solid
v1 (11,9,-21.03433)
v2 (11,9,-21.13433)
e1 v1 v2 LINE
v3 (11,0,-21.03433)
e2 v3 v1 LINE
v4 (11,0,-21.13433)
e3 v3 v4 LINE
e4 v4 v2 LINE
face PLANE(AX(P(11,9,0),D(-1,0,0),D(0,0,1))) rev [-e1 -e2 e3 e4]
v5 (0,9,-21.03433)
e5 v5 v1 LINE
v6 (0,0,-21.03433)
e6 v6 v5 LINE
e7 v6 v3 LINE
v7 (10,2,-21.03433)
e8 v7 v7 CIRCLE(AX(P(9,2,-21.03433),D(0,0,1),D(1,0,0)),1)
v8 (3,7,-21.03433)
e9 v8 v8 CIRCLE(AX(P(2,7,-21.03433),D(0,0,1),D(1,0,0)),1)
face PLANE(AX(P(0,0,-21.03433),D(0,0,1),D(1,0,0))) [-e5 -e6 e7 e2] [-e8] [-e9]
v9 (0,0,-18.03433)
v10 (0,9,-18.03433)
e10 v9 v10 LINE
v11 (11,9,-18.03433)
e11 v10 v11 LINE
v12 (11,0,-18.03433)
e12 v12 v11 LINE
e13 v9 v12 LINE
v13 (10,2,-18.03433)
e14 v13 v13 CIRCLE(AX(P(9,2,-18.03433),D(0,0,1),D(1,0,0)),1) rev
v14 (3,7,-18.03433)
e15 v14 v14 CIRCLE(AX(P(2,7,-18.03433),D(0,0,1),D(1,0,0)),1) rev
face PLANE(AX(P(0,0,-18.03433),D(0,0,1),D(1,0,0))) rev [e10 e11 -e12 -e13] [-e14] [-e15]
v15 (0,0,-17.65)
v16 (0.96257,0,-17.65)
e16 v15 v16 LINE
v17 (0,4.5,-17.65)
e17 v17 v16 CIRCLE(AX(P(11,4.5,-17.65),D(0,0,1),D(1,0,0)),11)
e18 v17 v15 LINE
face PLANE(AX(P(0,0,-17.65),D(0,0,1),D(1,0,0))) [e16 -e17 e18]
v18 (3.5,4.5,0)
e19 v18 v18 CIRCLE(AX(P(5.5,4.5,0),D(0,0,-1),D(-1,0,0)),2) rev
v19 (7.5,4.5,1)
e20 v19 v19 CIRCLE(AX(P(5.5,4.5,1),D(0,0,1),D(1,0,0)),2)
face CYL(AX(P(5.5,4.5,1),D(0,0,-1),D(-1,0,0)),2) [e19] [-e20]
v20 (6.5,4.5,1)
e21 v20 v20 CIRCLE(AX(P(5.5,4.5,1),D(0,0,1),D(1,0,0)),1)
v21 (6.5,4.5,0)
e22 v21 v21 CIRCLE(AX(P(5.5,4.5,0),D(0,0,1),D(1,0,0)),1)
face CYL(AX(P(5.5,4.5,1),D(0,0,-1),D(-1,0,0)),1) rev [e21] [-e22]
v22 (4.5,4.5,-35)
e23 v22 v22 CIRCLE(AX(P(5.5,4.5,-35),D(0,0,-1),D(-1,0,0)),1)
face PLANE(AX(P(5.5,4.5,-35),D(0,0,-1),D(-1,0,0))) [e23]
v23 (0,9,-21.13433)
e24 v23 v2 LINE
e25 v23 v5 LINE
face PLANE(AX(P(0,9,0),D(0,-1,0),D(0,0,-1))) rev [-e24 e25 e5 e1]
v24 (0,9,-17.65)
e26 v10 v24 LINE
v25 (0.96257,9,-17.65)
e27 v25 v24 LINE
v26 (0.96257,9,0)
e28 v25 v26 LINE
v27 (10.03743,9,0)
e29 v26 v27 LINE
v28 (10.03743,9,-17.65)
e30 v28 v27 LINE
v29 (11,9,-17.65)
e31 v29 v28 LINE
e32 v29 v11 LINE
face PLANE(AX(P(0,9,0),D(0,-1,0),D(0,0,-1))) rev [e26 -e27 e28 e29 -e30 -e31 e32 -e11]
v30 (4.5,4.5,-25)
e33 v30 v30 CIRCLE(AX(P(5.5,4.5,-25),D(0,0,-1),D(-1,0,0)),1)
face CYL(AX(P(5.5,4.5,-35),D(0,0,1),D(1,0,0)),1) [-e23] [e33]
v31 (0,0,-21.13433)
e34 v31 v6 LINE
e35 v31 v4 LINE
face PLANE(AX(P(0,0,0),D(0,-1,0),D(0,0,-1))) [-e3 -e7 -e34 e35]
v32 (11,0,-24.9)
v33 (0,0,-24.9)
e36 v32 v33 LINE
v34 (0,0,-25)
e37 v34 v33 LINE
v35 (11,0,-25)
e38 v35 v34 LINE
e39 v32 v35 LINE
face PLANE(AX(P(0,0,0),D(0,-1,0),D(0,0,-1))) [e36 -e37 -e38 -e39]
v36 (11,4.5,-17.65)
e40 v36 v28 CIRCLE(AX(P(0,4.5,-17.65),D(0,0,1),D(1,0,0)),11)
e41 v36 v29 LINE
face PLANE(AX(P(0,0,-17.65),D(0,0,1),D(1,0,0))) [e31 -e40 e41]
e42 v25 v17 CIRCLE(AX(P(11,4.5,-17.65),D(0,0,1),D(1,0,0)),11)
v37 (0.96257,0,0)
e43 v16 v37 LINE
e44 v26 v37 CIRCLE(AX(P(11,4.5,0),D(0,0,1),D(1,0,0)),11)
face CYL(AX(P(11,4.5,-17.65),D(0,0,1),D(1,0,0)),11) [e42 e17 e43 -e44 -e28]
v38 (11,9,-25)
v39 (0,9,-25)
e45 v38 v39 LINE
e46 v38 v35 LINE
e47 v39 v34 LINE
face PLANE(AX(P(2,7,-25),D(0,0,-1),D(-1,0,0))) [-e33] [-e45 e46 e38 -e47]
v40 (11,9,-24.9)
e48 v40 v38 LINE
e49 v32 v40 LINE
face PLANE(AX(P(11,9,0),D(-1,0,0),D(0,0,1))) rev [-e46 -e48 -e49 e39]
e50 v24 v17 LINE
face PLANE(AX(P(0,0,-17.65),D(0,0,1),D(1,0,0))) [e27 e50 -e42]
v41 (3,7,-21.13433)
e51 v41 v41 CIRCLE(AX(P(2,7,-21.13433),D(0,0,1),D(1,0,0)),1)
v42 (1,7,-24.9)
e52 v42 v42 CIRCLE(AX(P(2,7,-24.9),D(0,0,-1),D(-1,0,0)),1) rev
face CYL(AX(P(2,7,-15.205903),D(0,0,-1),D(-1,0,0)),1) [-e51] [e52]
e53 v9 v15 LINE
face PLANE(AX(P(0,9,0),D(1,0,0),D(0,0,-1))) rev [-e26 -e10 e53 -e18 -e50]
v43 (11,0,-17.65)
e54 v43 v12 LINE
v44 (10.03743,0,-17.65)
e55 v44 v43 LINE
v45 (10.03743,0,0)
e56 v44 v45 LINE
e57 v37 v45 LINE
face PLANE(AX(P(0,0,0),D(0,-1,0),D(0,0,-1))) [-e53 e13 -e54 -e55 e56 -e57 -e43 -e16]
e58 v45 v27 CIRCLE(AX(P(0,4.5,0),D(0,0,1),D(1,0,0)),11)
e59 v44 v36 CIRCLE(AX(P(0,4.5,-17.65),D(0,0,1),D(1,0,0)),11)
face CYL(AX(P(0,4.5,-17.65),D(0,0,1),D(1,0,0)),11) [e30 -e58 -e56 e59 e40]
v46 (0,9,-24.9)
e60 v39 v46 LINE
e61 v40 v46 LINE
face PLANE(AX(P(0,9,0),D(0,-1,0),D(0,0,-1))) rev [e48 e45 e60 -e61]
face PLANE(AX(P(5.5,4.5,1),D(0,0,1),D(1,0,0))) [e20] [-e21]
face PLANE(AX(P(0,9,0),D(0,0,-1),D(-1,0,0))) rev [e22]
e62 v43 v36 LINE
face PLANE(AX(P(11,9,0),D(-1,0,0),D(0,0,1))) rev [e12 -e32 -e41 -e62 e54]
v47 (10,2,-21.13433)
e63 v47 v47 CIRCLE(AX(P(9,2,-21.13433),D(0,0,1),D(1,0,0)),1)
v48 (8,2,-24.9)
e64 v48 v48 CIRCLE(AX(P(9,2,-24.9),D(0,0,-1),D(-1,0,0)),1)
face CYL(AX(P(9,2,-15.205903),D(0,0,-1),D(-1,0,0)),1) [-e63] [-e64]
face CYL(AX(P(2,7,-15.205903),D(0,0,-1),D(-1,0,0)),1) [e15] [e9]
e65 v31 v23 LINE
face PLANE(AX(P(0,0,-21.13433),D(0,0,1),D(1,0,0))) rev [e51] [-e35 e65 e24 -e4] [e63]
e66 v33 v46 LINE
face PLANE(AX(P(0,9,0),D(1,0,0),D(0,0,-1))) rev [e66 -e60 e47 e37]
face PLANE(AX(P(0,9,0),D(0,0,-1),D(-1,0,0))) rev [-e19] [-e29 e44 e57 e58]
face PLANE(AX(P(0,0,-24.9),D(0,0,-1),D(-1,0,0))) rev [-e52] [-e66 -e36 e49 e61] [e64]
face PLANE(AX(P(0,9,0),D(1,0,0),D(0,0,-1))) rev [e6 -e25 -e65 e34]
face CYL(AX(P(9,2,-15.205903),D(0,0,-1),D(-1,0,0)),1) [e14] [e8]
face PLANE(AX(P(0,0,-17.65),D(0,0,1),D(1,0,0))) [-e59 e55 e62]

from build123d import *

# Parameters (mm, degrees)
SKETCH1_W           = 11
SKETCH1_H           = 25
BOSS_EXTRUDE1_DEPTH = 9
SKETCH2_W           = 11
SKETCH2_H           = 3
SKETCH2_H_2         = 3.765669969
CUT_EXTRUDE2_DEPTH  = 29.757607689
CUT_EXTRUDE3_DEPTH  = 17.65
BOSS_EXTRUDE2_START = -6.96567
SKETCH4_R           = 1
BOSS_EXTRUDE2_DEPTH = 6.86567
SKETCH5_R           = 2
SKETCH5_R_2         = 1
BOSS_EXTRUDE3_DEPTH = 1
SKETCH6_R           = 1
BOSS_EXTRUDE4_DEPTH = 10


with BuildPart() as part:
    # Sketch1 → Boss-Extrude1 (new body)
    with BuildSketch(Plane(origin=(0, 0, 0), x_dir=(1, 0, 0), z_dir=(0, 1, 0))):
        with Locations((5.5, 12.5)):
            Rectangle(SKETCH1_W, SKETCH1_H)
    extrude(amount=BOSS_EXTRUDE1_DEPTH)

    # Sketch2 → Cut-Extrude2 (cut, through all)
    with BuildSketch(Plane(origin=(0, 9, 0), x_dir=(1, 0, 0), z_dir=(0, 1, 0))):
        with Locations((5.5, 19.534330031)):
            Rectangle(SKETCH2_W, SKETCH2_H)
        with Locations((5.5, 23.017165016)):
            Rectangle(SKETCH2_W, SKETCH2_H_2)
    extrude(amount=-CUT_EXTRUDE2_DEPTH, mode=Mode.SUBTRACT)


with BuildPart() as cut_extrude2_piece_1:
    # of the separate pieces the step leaves, piece 1, a body of its own (cut_extrude2_pieces)
    add(part.part.solids().sort_by_distance((0, 0, 0))[0])

    # Sketch3 → Cut-Extrude3 (cut)
    with BuildSketch(Plane.XY):
        with BuildLine():
            Line((11, 9), (10.03742995, 9))
            ThreePointArc((10.03742995, 9), (10.756666057, 6.800898811), (11, 4.500000028))
            Line((11, 4.500000028), (11, 9))
        make_face()
        with BuildLine():
            Line((11, 0), (11, 4.500000028))
            ThreePointArc((11, 4.500000028), (10.756666063, 2.199101216), (10.03742995, 0))
            Line((10.03742995, 0), (11, 0))
        make_face()
        with BuildLine():
            ThreePointArc((0.96257005, 0), (0.243333935, 2.199101225), (0, 4.500000045))
            Line((0, 4.500000045), (0, 0))
            Line((0, 0), (0.96257005, 0))
        make_face()
        with BuildLine():
            ThreePointArc((0, 4.500000045), (0.243333945, 6.800898819), (0.96257005, 9))
            Line((0.96257005, 9), (0, 9))
            Line((0, 9), (0, 4.500000045))
        make_face()
    extrude(amount=-CUT_EXTRUDE3_DEPTH, mode=Mode.SUBTRACT)



with BuildPart() as cut_extrude2_piece_2:
    # of the separate pieces the step leaves, piece 2, a body of its own (cut_extrude2_pieces)
    add(part.part.solids().sort_by_distance((0, 0, -21.134330031))[0])


with BuildPart() as cut_extrude2_piece_3:
    # of the separate pieces the step leaves, piece 3, a body of its own (cut_extrude2_pieces)
    add(part.part.solids().sort_by_distance((0, 0, -25))[0])


with BuildPart() as cut_extrude2_piece_1_1:
    add(cut_extrude2_piece_1.part)

    add(cut_extrude2_piece_2.part)  # Boss-Extrude2 merges Cut-Extrude2 piece 2

    add(cut_extrude2_piece_3.part)  # Boss-Extrude2 merges Cut-Extrude2 piece 3
    # Sketch4 → Boss-Extrude2 (add)
    with BuildSketch(Plane(origin=(0, 0, -25), x_dir=(-1, 0, 0), z_dir=(0, 0, -1)).offset(BOSS_EXTRUDE2_START)):
        with Locations((-2, 7)):
            Circle(SKETCH4_R)
        with Locations(Location((-9, 2, 0), (0, 0, 180))):
            Circle(SKETCH4_R)
    extrude(amount=BOSS_EXTRUDE2_DEPTH)

    # Sketch5 → Boss-Extrude3 (add)
    with BuildSketch(Plane.XY):
        with Locations(Location((5.5, 4.5, 0), (0, 0, 180))):
            Circle(SKETCH5_R)
        with Locations((5.5, 4.5)):
            Circle(SKETCH5_R_2, mode=Mode.SUBTRACT)
    extrude(amount=BOSS_EXTRUDE3_DEPTH)

    # Sketch6 → Boss-Extrude4 (add)
    with BuildSketch(Plane(origin=(0, 0, -25), x_dir=(-1, 0, 0), z_dir=(0, 0, -1))):
        with Locations(Location((-5.5, 4.5, 0), (0, 0, 180))):
            Circle(SKETCH6_R)
    extrude(amount=BOSS_EXTRUDE4_DEPTH)


solid = cut_extrude2_piece_1_1.part
